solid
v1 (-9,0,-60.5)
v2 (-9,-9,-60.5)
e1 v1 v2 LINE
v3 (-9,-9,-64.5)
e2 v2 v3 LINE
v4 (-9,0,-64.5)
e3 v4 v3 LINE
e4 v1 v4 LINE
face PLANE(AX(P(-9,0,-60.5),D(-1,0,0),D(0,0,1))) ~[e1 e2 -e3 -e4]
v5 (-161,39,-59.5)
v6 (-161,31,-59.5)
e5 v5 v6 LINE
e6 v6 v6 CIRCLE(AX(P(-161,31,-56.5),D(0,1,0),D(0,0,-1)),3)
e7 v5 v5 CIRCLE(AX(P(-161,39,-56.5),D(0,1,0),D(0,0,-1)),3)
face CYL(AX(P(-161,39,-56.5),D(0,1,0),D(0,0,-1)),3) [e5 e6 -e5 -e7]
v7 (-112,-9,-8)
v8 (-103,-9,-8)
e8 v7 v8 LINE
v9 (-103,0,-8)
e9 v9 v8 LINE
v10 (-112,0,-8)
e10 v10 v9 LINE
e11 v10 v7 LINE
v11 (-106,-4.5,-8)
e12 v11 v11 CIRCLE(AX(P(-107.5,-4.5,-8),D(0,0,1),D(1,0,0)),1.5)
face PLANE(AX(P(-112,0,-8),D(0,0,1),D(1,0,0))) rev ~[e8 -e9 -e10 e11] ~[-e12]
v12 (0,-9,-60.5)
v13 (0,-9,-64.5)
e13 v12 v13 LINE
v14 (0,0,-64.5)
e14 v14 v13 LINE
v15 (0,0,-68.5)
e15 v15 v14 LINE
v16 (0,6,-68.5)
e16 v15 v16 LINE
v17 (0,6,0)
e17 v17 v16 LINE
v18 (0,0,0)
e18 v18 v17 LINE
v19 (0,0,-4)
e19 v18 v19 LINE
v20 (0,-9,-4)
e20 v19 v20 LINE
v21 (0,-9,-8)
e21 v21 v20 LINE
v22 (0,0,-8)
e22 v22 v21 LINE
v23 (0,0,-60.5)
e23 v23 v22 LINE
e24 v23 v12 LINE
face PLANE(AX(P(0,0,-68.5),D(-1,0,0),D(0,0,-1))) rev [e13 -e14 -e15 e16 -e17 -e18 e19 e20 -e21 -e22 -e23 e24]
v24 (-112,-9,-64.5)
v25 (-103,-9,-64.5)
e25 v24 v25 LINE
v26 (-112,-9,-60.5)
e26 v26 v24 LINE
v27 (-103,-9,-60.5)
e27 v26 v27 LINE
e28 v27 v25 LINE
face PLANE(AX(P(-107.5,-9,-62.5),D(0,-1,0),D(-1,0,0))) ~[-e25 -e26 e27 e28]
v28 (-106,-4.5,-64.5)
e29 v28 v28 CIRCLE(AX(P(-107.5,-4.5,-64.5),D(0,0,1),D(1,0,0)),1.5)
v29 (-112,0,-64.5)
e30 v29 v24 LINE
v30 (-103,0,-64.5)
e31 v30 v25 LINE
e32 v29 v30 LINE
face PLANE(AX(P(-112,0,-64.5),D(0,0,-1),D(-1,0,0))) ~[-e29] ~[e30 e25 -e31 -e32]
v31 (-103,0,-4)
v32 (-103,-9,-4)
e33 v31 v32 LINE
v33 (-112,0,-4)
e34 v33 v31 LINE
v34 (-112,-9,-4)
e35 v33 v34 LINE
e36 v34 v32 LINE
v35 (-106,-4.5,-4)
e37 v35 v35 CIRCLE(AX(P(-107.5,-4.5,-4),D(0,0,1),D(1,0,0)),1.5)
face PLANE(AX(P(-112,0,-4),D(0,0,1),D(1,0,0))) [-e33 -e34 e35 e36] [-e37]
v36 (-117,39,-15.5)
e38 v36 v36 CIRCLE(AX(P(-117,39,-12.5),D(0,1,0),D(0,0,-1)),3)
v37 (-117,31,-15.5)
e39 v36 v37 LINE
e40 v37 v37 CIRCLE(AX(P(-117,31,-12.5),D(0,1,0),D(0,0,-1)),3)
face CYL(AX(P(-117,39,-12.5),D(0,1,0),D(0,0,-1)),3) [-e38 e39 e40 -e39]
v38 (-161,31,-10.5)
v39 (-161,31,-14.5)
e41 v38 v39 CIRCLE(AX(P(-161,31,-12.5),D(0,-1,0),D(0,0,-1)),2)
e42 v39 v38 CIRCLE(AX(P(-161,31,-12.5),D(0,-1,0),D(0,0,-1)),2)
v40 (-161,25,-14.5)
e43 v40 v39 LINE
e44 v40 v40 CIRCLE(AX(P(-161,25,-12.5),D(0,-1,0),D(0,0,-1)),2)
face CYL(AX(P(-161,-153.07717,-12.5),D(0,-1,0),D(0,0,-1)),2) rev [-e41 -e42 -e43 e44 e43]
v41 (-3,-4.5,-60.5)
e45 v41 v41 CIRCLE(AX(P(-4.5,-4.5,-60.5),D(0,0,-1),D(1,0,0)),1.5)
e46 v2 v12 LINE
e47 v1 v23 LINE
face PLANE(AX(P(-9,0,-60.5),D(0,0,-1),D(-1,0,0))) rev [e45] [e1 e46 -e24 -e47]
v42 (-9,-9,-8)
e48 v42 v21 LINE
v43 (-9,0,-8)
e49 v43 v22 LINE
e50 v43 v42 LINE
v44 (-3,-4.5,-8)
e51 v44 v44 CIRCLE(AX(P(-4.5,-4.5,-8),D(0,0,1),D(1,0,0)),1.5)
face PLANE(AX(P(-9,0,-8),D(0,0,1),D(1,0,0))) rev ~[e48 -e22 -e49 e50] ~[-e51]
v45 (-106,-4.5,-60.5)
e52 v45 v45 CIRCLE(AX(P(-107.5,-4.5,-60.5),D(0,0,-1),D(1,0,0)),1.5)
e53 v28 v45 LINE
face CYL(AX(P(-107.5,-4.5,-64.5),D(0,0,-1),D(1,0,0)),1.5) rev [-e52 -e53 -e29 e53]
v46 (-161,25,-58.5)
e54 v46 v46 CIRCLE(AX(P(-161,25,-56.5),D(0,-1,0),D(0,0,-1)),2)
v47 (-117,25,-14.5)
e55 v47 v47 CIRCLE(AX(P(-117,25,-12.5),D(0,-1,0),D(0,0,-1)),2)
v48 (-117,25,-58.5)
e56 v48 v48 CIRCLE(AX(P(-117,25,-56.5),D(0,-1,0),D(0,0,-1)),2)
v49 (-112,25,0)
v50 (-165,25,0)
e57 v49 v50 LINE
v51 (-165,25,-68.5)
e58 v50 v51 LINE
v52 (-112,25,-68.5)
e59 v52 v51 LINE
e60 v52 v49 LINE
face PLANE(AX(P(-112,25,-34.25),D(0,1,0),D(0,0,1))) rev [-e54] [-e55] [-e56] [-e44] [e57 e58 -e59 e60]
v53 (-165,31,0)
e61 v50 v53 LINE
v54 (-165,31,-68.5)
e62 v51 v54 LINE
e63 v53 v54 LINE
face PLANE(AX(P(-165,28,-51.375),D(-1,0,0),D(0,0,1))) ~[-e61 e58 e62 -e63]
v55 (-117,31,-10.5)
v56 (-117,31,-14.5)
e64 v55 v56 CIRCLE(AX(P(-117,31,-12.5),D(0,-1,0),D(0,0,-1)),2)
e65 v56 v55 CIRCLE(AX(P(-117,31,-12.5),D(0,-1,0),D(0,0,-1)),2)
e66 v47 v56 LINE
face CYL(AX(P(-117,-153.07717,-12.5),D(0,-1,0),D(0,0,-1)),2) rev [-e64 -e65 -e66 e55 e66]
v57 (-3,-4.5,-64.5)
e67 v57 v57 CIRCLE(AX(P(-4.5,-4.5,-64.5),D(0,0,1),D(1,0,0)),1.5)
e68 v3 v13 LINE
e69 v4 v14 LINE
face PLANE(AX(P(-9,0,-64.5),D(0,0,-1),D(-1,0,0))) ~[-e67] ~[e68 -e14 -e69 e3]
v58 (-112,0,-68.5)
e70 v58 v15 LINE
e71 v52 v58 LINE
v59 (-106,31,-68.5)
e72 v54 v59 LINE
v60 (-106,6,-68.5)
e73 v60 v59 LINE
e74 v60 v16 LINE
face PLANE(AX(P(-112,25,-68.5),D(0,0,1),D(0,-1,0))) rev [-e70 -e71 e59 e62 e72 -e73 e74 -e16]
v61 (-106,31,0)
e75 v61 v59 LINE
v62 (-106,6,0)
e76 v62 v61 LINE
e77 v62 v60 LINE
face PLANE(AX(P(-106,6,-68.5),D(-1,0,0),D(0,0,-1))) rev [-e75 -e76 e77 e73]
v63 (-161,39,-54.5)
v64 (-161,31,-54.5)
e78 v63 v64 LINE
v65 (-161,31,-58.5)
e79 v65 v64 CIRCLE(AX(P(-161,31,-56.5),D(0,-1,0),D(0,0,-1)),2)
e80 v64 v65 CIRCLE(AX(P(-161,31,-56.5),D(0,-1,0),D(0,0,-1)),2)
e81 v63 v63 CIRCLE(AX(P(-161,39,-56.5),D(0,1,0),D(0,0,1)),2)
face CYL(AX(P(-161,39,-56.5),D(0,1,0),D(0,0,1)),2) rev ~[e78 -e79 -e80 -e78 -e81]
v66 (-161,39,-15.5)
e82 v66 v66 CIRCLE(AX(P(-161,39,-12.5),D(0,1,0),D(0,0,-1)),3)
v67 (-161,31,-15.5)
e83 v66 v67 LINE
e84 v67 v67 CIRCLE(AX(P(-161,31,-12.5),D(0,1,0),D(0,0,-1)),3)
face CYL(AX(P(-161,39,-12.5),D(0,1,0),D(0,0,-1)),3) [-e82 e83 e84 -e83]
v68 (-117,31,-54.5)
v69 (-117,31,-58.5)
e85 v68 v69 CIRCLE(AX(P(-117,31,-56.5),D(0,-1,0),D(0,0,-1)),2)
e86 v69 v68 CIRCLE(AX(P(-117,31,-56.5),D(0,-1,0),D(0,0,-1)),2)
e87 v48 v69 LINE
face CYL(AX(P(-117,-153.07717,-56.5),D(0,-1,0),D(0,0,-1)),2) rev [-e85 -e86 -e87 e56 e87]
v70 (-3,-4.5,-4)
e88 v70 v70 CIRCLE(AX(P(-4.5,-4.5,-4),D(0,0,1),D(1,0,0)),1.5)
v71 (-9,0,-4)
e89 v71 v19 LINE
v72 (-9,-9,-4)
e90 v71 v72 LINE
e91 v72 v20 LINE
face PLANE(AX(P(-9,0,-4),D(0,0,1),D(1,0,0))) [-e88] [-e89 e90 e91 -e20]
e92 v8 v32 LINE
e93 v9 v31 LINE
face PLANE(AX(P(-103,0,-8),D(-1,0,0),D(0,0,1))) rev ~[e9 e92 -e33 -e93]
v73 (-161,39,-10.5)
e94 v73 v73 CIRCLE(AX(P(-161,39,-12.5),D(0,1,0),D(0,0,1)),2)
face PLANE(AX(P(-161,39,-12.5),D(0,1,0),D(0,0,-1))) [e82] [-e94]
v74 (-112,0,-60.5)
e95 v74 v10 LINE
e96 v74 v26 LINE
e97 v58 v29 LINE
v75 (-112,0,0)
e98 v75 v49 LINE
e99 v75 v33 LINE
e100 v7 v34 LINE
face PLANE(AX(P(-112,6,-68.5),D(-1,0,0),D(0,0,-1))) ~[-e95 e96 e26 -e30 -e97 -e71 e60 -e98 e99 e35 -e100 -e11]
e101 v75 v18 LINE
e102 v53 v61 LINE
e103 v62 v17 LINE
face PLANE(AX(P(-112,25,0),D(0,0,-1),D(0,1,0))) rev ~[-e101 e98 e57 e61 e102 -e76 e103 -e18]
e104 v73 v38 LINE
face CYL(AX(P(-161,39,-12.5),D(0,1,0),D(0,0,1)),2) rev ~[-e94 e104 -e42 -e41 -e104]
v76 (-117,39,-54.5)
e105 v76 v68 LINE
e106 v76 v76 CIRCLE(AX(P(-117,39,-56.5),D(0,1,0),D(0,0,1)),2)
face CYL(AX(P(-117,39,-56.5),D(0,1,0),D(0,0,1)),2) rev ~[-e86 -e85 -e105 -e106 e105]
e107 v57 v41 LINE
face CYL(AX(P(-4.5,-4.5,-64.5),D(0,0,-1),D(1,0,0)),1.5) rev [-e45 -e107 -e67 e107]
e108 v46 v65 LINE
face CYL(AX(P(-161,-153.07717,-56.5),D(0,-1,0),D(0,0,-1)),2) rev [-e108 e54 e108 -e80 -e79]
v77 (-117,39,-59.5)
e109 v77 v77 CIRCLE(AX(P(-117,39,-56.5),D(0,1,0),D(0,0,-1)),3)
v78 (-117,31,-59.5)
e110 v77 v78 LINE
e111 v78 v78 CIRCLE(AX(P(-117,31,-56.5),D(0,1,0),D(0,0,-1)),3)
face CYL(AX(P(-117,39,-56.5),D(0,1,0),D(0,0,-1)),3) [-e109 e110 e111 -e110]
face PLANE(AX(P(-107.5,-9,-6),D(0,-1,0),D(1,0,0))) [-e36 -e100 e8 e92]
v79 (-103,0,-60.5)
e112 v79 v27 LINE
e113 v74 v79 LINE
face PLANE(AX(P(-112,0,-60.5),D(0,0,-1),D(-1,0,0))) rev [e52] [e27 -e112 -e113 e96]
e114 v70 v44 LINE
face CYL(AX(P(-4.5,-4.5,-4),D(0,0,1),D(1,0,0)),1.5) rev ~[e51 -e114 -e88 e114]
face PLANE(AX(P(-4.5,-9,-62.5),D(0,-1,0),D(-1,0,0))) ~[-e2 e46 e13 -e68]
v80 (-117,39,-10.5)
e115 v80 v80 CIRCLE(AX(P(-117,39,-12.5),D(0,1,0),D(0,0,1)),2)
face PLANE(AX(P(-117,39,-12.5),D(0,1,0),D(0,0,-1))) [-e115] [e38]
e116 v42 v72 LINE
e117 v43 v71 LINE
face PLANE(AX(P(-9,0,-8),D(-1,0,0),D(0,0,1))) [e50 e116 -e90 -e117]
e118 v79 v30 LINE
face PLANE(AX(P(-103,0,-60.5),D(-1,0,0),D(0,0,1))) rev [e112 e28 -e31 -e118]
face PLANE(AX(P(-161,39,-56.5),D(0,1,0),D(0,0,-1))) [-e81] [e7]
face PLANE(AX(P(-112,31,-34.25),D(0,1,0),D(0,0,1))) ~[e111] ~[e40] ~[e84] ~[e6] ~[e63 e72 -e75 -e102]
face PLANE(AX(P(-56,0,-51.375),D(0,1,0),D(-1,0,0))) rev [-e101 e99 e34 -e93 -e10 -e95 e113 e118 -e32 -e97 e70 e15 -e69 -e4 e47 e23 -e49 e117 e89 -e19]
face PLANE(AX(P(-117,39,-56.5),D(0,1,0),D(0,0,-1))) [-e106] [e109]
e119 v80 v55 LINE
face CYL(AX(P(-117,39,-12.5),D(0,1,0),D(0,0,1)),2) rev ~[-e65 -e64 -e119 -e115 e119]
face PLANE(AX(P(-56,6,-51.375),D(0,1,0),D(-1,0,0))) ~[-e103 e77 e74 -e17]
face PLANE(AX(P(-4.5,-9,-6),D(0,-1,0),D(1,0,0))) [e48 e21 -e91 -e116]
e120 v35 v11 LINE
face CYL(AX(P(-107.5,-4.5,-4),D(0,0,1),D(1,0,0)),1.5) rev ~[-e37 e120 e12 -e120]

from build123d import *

# Parameters (mm, degrees)
SKETCH1_W               = 112
SKETCH1_H               = 34.25
BOSS_EXTRUDE2_DEPTH     = 6
SKETCH3_W               = 9
SKETCH3_H               = 4
BOSS_EXTRUDE3_DEPTH     = 9
SKETCH4_R               = 1.5
CUT_EXTRUDE1_DEPTH      = 117.361774222
SKETCH8_W               = 6
SKETCH8_H               = 34.25
BOSS_EXTRUDE6_DEPTH     = 25
SKETCH9_W               = 34.25
SKETCH9_H               = 6
BOSS_EXTRUDE7_DEPTH     = 53
CUT_EXTRUDE5_DEPTH      = 8
CUT_EXTRUDE5_DEPTH_BACK = 184.077169521
SKETCH10_R              = 2
BOSS_EXTRUDE8_START     = 8
SKETCH12_R              = 3
SKETCH12_R_2            = 2
BOSS_EXTRUDE8_DEPTH     = 8


with BuildPart() as part:
    # Sketch1 → Boss-Extrude2 (new body)
    with BuildSketch(Plane(origin=(0, 0, 0), x_dir=(1, 0, 0), z_dir=(0, 1, 0))):
        with Locations((-56, 17.125)):
            Rectangle(SKETCH1_W, SKETCH1_H)
    boss_extrude2 = extrude(amount=BOSS_EXTRUDE2_DEPTH)

    # Sketch3 → Boss-Extrude3 (add)
    with BuildSketch(Plane.XZ):
        with Locations((-107.5, -6)):
            Rectangle(SKETCH3_W, SKETCH3_H)
        with Locations((-4.5, -6)):
            Rectangle(SKETCH3_W, SKETCH3_H)
    boss_extrude3 = extrude(amount=BOSS_EXTRUDE3_DEPTH)

    # Sketch4 → Cut-Extrude1 (cut, through all)
    with BuildSketch(Plane.XY.offset(-4)):
        with Locations((-107.5, -4.5)):
            Circle(SKETCH4_R)
        with Locations((-4.5, -4.5)):
            Circle(SKETCH4_R)
    cut_extrude1 = extrude(amount=-CUT_EXTRUDE1_DEPTH, mode=Mode.SUBTRACT)

    # Sketch8 → Boss-Extrude6 (add)
    with BuildSketch(Plane(origin=(0, 6, 0), x_dir=(1, 0, 0), z_dir=(0, 1, 0))):
        with Locations((-109, 17.125)):
            Rectangle(SKETCH8_W, SKETCH8_H)
    boss_extrude6 = extrude(amount=BOSS_EXTRUDE6_DEPTH)

    # Sketch9 → Boss-Extrude7 (add)
    with BuildSketch(Plane.ZY.offset(112)):
        with Locations((-17.125, 28)):
            Rectangle(SKETCH9_W, SKETCH9_H)
    boss_extrude7 = extrude(amount=BOSS_EXTRUDE7_DEPTH)

    # Mirror2: Boss-Extrude2, Boss-Extrude3, Cut-Extrude1, Boss-Extrude6, Boss-Extrude7 across plane
    add(boss_extrude2.mirror(Plane(origin=(0, 6, -34.25), x_dir=(1, 0, 0), z_dir=(0, 0, 1))))
    add(boss_extrude3.mirror(Plane(origin=(0, 6, -34.25), x_dir=(1, 0, 0), z_dir=(0, 0, 1))))
    add(cut_extrude1.mirror(Plane(origin=(0, 6, -34.25), x_dir=(1, 0, 0), z_dir=(0, 0, 1))), mode=Mode.SUBTRACT)
    add(boss_extrude6.mirror(Plane(origin=(0, 6, -34.25), x_dir=(1, 0, 0), z_dir=(0, 0, 1))))
    add(boss_extrude7.mirror(Plane(origin=(0, 6, -34.25), x_dir=(1, 0, 0), z_dir=(0, 0, 1))))

    # Sketch10 → Cut-Extrude5 (cut, two sides: drawn at the far end of the back side and taken through both)
    with BuildSketch(Plane(origin=(0, 31, 0), x_dir=(1, 0, 0), z_dir=(0, 1, 0)).offset(-CUT_EXTRUDE5_DEPTH_BACK)):
        with Locations((-161, 12.5)):
            Circle(SKETCH10_R)
        with Locations((-117, 12.5)):
            Circle(SKETCH10_R)
        with Locations((-161, 56.5)):
            Circle(SKETCH10_R)
        with Locations((-117, 56.5)):
            Circle(SKETCH10_R)
    extrude(amount=CUT_EXTRUDE5_DEPTH + CUT_EXTRUDE5_DEPTH_BACK, mode=Mode.SUBTRACT)

    # Sketch12 → Boss-Extrude8 (add)
    # profile 1 of 4: a face of its own
    with BuildSketch(Plane(origin=(0, 31, 0), x_dir=(1, 0, 0), z_dir=(0, 1, 0)).offset(BOSS_EXTRUDE8_START)):
        with Locations((-161, 56.5)):
            Circle(SKETCH12_R)
        with Locations((-161, 56.5)):
            Circle(SKETCH12_R_2, mode=Mode.SUBTRACT)
    # profile 2 of 4: a face of its own
    with BuildSketch(Plane(origin=(0, 31, 0), x_dir=(1, 0, 0), z_dir=(0, 1, 0)).offset(BOSS_EXTRUDE8_START)):
        with Locations((-117, 56.5)):
            Circle(SKETCH12_R)
        with Locations((-117, 56.5)):
            Circle(SKETCH12_R_2, mode=Mode.SUBTRACT)
    # profile 3 of 4: a face of its own
    with BuildSketch(Plane(origin=(0, 31, 0), x_dir=(1, 0, 0), z_dir=(0, 1, 0)).offset(BOSS_EXTRUDE8_START)):
        with Locations((-117, 12.5)):
            Circle(SKETCH12_R)
        with Locations((-117, 12.5)):
            Circle(SKETCH12_R_2, mode=Mode.SUBTRACT)
    # profile 4 of 4: a face of its own
    with BuildSketch(Plane(origin=(0, 31, 0), x_dir=(1, 0, 0), z_dir=(0, 1, 0)).offset(BOSS_EXTRUDE8_START)):
        with Locations((-161, 12.5)):
            Circle(SKETCH12_R)
        with Locations((-161, 12.5)):
            Circle(SKETCH12_R_2, mode=Mode.SUBTRACT)
    extrude(amount=-BOSS_EXTRUDE8_DEPTH)


solid = part.part
